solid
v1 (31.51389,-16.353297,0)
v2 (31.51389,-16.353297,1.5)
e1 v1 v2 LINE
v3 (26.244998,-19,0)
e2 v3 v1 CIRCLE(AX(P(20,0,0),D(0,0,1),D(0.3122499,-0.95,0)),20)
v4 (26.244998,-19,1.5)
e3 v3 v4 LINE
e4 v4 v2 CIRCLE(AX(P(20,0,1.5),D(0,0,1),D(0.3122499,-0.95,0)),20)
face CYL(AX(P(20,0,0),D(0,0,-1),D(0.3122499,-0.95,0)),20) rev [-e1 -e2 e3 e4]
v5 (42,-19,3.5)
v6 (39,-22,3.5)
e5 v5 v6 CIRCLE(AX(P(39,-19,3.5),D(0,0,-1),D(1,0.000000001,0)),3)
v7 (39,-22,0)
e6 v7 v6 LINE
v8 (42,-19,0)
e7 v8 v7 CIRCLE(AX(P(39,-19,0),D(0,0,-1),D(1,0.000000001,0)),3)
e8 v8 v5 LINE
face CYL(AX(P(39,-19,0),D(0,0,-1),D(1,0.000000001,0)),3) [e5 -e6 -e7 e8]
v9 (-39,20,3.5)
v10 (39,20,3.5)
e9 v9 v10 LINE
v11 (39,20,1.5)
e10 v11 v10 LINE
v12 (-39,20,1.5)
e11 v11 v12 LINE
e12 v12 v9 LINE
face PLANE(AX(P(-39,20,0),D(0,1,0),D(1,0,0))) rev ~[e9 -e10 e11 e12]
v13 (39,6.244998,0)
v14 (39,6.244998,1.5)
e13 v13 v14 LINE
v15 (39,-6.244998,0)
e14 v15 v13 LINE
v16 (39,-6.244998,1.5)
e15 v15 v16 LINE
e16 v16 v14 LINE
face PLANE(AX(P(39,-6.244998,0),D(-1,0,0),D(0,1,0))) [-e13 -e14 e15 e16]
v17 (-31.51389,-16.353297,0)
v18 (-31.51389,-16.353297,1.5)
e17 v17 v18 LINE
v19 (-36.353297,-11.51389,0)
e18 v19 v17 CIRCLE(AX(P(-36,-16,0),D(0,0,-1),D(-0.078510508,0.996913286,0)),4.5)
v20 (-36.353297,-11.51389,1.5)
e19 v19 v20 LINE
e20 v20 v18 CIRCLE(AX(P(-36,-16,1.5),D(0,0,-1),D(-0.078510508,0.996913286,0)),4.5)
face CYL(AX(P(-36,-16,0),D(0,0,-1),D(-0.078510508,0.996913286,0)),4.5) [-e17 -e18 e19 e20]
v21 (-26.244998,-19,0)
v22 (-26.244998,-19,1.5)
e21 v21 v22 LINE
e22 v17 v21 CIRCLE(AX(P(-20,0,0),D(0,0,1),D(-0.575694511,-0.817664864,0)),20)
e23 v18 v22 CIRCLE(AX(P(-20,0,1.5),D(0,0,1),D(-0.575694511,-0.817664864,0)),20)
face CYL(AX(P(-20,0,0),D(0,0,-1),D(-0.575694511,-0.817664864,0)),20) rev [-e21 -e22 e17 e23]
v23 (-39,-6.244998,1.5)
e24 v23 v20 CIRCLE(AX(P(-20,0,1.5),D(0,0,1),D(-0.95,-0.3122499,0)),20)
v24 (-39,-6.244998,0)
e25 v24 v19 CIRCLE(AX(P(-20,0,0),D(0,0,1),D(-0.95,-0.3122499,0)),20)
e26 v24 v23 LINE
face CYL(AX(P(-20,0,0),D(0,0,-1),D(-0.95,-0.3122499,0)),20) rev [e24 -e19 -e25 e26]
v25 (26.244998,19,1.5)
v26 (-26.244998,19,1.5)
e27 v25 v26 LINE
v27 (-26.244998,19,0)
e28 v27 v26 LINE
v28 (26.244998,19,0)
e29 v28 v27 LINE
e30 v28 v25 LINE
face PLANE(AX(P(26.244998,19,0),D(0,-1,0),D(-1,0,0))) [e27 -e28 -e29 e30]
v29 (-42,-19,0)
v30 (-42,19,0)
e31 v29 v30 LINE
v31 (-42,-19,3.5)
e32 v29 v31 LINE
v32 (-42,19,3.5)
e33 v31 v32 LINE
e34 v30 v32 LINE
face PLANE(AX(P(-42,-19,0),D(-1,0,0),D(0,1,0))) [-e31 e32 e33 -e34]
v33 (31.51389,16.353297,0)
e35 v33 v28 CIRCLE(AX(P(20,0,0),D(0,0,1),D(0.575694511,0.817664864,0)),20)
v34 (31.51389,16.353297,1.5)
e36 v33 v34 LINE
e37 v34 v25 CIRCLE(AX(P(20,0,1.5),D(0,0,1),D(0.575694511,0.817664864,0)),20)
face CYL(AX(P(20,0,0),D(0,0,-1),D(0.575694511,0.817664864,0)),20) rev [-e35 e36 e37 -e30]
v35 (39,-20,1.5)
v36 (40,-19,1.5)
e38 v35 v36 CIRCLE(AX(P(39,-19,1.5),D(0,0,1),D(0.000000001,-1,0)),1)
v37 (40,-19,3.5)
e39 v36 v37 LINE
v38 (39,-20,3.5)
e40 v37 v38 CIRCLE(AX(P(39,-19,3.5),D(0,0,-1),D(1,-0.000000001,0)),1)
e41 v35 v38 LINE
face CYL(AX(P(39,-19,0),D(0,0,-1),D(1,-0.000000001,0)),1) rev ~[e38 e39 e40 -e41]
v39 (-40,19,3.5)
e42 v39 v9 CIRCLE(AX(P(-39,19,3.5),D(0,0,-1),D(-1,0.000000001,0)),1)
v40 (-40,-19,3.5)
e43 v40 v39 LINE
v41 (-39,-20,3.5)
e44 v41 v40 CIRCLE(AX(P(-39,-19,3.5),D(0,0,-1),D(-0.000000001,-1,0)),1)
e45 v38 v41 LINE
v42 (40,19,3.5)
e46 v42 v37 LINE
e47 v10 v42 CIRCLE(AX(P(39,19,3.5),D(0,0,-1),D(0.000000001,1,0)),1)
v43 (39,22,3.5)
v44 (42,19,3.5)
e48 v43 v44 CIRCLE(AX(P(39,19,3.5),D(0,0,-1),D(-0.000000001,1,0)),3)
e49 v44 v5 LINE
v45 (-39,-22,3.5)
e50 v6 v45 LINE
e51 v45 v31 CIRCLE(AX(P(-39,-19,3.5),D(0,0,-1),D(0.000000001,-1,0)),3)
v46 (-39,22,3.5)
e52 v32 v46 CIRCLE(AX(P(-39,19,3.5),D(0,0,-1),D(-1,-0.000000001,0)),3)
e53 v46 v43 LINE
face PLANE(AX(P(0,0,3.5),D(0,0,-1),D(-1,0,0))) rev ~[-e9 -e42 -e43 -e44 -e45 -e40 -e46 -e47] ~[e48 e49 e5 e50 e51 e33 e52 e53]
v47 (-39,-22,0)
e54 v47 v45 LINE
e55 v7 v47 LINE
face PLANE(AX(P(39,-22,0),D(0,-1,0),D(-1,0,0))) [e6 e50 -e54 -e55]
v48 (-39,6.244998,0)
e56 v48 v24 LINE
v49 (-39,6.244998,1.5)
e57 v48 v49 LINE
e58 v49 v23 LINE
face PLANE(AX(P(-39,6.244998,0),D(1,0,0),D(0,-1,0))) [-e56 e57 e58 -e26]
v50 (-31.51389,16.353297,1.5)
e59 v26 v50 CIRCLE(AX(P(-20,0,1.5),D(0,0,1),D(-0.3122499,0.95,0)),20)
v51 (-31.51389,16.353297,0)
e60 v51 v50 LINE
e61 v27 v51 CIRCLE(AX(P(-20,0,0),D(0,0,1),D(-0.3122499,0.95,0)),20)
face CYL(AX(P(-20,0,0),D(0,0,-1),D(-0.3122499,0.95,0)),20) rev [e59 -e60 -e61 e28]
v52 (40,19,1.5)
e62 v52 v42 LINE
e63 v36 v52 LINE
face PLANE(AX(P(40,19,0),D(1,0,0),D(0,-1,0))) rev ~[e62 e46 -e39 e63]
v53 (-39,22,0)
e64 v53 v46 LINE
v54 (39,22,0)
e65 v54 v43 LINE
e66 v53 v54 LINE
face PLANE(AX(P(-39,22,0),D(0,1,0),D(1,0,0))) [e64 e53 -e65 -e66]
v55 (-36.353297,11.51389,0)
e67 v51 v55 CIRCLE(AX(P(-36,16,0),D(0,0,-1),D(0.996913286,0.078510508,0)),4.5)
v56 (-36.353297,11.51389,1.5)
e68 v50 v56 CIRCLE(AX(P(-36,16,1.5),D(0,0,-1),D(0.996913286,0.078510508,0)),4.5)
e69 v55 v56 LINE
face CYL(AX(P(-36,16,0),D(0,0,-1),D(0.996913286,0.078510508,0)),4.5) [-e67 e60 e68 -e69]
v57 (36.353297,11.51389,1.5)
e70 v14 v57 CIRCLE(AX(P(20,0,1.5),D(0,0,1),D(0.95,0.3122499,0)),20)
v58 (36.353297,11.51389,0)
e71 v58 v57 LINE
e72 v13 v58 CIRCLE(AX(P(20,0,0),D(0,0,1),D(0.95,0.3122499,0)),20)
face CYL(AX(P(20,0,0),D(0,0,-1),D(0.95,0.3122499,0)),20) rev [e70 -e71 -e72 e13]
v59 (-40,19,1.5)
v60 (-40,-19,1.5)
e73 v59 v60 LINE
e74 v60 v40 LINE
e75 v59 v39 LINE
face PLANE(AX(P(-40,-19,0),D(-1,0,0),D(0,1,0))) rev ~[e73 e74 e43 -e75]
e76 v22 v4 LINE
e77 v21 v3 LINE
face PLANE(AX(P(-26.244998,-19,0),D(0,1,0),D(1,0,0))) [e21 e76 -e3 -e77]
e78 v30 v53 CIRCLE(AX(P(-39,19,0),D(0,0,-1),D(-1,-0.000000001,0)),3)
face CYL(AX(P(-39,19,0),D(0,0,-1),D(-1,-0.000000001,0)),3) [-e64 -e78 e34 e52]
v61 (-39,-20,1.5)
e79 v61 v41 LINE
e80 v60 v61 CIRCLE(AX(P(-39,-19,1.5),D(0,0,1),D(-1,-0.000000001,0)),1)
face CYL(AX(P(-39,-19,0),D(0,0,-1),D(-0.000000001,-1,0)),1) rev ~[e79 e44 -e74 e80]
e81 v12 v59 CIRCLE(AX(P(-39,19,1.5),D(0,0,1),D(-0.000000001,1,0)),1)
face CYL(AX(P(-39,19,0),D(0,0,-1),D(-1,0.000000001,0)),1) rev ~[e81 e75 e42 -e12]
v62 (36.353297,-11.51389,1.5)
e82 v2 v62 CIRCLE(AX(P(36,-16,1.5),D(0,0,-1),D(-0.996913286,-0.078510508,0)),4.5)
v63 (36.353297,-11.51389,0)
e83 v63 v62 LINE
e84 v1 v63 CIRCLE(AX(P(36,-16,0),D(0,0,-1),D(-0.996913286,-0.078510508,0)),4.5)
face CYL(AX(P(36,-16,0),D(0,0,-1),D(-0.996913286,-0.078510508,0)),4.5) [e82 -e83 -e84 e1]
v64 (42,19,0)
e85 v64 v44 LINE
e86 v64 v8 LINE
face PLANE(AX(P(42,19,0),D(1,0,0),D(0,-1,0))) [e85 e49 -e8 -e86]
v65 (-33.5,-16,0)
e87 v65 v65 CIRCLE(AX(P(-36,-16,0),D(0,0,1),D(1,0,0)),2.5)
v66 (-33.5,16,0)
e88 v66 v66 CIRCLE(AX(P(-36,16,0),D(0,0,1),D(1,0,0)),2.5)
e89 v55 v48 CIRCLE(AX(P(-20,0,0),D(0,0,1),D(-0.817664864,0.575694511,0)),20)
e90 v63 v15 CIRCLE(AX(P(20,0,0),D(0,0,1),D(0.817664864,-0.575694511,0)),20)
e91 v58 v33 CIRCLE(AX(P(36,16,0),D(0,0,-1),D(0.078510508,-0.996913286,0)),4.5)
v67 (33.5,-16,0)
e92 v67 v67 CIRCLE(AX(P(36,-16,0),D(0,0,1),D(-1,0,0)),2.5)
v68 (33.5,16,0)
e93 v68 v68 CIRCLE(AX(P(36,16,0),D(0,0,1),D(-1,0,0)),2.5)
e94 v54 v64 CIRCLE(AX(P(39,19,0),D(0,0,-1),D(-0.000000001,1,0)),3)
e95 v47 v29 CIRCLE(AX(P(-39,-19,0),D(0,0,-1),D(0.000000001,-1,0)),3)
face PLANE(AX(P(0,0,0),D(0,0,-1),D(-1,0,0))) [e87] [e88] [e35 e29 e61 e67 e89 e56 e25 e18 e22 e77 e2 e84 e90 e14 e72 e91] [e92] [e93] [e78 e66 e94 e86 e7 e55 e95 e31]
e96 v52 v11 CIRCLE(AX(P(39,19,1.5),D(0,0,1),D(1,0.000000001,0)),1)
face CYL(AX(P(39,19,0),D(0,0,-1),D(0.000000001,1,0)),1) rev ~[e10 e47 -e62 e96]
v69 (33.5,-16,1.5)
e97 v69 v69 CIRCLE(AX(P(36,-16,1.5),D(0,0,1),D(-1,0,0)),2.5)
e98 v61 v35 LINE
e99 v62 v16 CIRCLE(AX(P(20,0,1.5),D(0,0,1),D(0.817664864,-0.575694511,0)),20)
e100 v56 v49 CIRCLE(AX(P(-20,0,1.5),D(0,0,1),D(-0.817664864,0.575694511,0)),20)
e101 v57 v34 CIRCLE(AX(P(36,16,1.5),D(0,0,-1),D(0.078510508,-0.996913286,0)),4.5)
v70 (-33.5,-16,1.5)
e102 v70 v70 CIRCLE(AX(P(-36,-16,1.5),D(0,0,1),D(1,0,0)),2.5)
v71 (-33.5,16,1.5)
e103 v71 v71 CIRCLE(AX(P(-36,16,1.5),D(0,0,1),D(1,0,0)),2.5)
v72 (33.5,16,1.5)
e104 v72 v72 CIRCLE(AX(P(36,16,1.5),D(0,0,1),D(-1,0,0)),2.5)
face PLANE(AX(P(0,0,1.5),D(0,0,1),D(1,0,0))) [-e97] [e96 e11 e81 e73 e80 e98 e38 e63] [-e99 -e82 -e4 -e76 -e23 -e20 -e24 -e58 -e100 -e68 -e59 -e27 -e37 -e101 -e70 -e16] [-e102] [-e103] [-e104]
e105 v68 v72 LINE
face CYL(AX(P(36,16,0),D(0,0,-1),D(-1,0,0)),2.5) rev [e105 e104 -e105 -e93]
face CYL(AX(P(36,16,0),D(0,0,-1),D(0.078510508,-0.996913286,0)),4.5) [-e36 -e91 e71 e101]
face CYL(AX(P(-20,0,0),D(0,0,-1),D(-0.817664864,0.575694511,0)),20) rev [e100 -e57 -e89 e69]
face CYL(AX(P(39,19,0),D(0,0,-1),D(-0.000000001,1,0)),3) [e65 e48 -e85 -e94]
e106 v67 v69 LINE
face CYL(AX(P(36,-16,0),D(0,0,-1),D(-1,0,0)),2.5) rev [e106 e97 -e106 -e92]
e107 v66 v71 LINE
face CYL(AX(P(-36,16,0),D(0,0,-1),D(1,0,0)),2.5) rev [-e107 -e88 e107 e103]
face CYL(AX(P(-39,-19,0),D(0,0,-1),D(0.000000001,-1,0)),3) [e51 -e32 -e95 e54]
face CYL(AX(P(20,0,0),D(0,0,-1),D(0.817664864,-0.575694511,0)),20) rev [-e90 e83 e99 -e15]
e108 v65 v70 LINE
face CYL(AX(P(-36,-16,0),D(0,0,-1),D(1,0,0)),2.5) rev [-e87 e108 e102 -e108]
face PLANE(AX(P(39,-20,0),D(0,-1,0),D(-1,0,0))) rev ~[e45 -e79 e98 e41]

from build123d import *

# Parameters (mm, degrees)
SKETCH1_R           = 2.5
BOSS_EXTRUDE1_DEPTH = 1.5
BOSS_EXTRUDE2_DEPTH = 3.5


with BuildPart() as part:
    # Sketch1 → Boss-Extrude1 (new body)
    with BuildSketch(Plane.XY):
        with BuildLine():
            Line((39, 20), (-39, 20))
            ThreePointArc((-39, 20), (-39.707106781, 19.707106781), (-40, 19))
            Line((-40, 19), (-40, -19))
            ThreePointArc((-40, -19), (-39.707106781, -19.707106781), (-39, -20))
            Line((-39, -20), (39, -20))
            ThreePointArc((39, -20), (39.707106781, -19.707106781), (40, -19))
            Line((40, -19), (40, 19))
            ThreePointArc((40, 19), (39.707106781, 19.707106781), (39, 20))
        make_face()
        with Locations((-36, 16)):
            Circle(SKETCH1_R, mode=Mode.SUBTRACT)
        with Locations((-36, -16)):
            Circle(SKETCH1_R, mode=Mode.SUBTRACT)
        with Locations(Location((36, -16, 0), (0, 0, 180))):
            Circle(SKETCH1_R, mode=Mode.SUBTRACT)
        with Locations(Location((36, 16, 0), (0, 0, 180))):
            Circle(SKETCH1_R, mode=Mode.SUBTRACT)
        with BuildLine():
            Line((26.244997998, 19), (-26.244997998, 19))
            ThreePointArc((-26.244997998, 19), (-28.977515605, 17.871883325), (-31.513890212, 16.353297288))
            ThreePointArc((-31.513890212, 16.353297288), (-32.818019485, 12.818019485), (-36.353297288, 11.513890212))
            ThreePointArc((-36.353297288, 11.513890212), (-37.871883325, 8.977515605), (-39, 6.244997998))
            Line((-39, 6.244997998), (-39, -6.244997998))
            ThreePointArc((-39, -6.244997998), (-37.871883325, -8.977515605), (-36.353297288, -11.513890212))
            ThreePointArc((-36.353297288, -11.513890212), (-32.818019485, -12.818019485), (-31.513890212, -16.353297288))
            ThreePointArc((-31.513890212, -16.353297288), (-28.977515605, -17.871883325), (-26.244997998, -19))
            Line((-26.244997998, -19), (26.244997998, -19))
            ThreePointArc((26.244997998, -19), (28.977515605, -17.871883325), (31.513890212, -16.353297288))
            ThreePointArc((31.513890212, -16.353297288), (32.818019485, -12.818019485), (36.353297288, -11.513890212))
            ThreePointArc((36.353297288, -11.513890212), (37.871883325, -8.977515605), (39, -6.244997998))
            Line((39, -6.244997998), (39, 6.244997998))
            ThreePointArc((39, 6.244997998), (37.871883325, 8.977515605), (36.353297288, 11.513890212))
            ThreePointArc((36.353297288, 11.513890212), (32.818019485, 12.818019485), (31.513890212, 16.353297288))
            ThreePointArc((31.513890212, 16.353297288), (28.977515605, 17.871883325), (26.244997998, 19))
        make_face(mode=Mode.SUBTRACT)
    extrude(amount=BOSS_EXTRUDE1_DEPTH)

    # Sketch2 → Boss-Extrude2 (add)
    with BuildSketch(Plane(origin=(0, 0, 0), x_dir=(-1, 0, 0), z_dir=(0, 0, -1))):
        with BuildLine():
            Line((39, 22), (-39, 22))
            ThreePointArc((-39, 22), (-41.121320344, 21.121320344), (-42, 19))
            Line((-42, 19), (-42, -19))
            ThreePointArc((-42, -19), (-41.121320344, -21.121320344), (-39, -22))
            Line((-39, -22), (39, -22))
            ThreePointArc((39, -22), (41.121320344, -21.121320344), (42, -19))
            Line((42, -19), (42, 19))
            ThreePointArc((42, 19), (41.121320344, 21.121320344), (39, 22))
        make_face()
        with BuildLine():
            Line((40, -19), (40, 19))
            ThreePointArc((40, 19), (39.707106781, 19.707106781), (39, 20))
            Line((39, 20), (-39, 20))
            ThreePointArc((-39, 20), (-39.707106781, 19.707106781), (-40, 19))
            Line((-40, 19), (-40, -19))
            ThreePointArc((-40, -19), (-39.707106781, -19.707106781), (-39, -20))
            Line((-39, -20), (39, -20))
            ThreePointArc((39, -20), (39.707106781, -19.707106781), (40, -19))
        make_face(mode=Mode.SUBTRACT)
    extrude(amount=-BOSS_EXTRUDE2_DEPTH)


solid = part.part
